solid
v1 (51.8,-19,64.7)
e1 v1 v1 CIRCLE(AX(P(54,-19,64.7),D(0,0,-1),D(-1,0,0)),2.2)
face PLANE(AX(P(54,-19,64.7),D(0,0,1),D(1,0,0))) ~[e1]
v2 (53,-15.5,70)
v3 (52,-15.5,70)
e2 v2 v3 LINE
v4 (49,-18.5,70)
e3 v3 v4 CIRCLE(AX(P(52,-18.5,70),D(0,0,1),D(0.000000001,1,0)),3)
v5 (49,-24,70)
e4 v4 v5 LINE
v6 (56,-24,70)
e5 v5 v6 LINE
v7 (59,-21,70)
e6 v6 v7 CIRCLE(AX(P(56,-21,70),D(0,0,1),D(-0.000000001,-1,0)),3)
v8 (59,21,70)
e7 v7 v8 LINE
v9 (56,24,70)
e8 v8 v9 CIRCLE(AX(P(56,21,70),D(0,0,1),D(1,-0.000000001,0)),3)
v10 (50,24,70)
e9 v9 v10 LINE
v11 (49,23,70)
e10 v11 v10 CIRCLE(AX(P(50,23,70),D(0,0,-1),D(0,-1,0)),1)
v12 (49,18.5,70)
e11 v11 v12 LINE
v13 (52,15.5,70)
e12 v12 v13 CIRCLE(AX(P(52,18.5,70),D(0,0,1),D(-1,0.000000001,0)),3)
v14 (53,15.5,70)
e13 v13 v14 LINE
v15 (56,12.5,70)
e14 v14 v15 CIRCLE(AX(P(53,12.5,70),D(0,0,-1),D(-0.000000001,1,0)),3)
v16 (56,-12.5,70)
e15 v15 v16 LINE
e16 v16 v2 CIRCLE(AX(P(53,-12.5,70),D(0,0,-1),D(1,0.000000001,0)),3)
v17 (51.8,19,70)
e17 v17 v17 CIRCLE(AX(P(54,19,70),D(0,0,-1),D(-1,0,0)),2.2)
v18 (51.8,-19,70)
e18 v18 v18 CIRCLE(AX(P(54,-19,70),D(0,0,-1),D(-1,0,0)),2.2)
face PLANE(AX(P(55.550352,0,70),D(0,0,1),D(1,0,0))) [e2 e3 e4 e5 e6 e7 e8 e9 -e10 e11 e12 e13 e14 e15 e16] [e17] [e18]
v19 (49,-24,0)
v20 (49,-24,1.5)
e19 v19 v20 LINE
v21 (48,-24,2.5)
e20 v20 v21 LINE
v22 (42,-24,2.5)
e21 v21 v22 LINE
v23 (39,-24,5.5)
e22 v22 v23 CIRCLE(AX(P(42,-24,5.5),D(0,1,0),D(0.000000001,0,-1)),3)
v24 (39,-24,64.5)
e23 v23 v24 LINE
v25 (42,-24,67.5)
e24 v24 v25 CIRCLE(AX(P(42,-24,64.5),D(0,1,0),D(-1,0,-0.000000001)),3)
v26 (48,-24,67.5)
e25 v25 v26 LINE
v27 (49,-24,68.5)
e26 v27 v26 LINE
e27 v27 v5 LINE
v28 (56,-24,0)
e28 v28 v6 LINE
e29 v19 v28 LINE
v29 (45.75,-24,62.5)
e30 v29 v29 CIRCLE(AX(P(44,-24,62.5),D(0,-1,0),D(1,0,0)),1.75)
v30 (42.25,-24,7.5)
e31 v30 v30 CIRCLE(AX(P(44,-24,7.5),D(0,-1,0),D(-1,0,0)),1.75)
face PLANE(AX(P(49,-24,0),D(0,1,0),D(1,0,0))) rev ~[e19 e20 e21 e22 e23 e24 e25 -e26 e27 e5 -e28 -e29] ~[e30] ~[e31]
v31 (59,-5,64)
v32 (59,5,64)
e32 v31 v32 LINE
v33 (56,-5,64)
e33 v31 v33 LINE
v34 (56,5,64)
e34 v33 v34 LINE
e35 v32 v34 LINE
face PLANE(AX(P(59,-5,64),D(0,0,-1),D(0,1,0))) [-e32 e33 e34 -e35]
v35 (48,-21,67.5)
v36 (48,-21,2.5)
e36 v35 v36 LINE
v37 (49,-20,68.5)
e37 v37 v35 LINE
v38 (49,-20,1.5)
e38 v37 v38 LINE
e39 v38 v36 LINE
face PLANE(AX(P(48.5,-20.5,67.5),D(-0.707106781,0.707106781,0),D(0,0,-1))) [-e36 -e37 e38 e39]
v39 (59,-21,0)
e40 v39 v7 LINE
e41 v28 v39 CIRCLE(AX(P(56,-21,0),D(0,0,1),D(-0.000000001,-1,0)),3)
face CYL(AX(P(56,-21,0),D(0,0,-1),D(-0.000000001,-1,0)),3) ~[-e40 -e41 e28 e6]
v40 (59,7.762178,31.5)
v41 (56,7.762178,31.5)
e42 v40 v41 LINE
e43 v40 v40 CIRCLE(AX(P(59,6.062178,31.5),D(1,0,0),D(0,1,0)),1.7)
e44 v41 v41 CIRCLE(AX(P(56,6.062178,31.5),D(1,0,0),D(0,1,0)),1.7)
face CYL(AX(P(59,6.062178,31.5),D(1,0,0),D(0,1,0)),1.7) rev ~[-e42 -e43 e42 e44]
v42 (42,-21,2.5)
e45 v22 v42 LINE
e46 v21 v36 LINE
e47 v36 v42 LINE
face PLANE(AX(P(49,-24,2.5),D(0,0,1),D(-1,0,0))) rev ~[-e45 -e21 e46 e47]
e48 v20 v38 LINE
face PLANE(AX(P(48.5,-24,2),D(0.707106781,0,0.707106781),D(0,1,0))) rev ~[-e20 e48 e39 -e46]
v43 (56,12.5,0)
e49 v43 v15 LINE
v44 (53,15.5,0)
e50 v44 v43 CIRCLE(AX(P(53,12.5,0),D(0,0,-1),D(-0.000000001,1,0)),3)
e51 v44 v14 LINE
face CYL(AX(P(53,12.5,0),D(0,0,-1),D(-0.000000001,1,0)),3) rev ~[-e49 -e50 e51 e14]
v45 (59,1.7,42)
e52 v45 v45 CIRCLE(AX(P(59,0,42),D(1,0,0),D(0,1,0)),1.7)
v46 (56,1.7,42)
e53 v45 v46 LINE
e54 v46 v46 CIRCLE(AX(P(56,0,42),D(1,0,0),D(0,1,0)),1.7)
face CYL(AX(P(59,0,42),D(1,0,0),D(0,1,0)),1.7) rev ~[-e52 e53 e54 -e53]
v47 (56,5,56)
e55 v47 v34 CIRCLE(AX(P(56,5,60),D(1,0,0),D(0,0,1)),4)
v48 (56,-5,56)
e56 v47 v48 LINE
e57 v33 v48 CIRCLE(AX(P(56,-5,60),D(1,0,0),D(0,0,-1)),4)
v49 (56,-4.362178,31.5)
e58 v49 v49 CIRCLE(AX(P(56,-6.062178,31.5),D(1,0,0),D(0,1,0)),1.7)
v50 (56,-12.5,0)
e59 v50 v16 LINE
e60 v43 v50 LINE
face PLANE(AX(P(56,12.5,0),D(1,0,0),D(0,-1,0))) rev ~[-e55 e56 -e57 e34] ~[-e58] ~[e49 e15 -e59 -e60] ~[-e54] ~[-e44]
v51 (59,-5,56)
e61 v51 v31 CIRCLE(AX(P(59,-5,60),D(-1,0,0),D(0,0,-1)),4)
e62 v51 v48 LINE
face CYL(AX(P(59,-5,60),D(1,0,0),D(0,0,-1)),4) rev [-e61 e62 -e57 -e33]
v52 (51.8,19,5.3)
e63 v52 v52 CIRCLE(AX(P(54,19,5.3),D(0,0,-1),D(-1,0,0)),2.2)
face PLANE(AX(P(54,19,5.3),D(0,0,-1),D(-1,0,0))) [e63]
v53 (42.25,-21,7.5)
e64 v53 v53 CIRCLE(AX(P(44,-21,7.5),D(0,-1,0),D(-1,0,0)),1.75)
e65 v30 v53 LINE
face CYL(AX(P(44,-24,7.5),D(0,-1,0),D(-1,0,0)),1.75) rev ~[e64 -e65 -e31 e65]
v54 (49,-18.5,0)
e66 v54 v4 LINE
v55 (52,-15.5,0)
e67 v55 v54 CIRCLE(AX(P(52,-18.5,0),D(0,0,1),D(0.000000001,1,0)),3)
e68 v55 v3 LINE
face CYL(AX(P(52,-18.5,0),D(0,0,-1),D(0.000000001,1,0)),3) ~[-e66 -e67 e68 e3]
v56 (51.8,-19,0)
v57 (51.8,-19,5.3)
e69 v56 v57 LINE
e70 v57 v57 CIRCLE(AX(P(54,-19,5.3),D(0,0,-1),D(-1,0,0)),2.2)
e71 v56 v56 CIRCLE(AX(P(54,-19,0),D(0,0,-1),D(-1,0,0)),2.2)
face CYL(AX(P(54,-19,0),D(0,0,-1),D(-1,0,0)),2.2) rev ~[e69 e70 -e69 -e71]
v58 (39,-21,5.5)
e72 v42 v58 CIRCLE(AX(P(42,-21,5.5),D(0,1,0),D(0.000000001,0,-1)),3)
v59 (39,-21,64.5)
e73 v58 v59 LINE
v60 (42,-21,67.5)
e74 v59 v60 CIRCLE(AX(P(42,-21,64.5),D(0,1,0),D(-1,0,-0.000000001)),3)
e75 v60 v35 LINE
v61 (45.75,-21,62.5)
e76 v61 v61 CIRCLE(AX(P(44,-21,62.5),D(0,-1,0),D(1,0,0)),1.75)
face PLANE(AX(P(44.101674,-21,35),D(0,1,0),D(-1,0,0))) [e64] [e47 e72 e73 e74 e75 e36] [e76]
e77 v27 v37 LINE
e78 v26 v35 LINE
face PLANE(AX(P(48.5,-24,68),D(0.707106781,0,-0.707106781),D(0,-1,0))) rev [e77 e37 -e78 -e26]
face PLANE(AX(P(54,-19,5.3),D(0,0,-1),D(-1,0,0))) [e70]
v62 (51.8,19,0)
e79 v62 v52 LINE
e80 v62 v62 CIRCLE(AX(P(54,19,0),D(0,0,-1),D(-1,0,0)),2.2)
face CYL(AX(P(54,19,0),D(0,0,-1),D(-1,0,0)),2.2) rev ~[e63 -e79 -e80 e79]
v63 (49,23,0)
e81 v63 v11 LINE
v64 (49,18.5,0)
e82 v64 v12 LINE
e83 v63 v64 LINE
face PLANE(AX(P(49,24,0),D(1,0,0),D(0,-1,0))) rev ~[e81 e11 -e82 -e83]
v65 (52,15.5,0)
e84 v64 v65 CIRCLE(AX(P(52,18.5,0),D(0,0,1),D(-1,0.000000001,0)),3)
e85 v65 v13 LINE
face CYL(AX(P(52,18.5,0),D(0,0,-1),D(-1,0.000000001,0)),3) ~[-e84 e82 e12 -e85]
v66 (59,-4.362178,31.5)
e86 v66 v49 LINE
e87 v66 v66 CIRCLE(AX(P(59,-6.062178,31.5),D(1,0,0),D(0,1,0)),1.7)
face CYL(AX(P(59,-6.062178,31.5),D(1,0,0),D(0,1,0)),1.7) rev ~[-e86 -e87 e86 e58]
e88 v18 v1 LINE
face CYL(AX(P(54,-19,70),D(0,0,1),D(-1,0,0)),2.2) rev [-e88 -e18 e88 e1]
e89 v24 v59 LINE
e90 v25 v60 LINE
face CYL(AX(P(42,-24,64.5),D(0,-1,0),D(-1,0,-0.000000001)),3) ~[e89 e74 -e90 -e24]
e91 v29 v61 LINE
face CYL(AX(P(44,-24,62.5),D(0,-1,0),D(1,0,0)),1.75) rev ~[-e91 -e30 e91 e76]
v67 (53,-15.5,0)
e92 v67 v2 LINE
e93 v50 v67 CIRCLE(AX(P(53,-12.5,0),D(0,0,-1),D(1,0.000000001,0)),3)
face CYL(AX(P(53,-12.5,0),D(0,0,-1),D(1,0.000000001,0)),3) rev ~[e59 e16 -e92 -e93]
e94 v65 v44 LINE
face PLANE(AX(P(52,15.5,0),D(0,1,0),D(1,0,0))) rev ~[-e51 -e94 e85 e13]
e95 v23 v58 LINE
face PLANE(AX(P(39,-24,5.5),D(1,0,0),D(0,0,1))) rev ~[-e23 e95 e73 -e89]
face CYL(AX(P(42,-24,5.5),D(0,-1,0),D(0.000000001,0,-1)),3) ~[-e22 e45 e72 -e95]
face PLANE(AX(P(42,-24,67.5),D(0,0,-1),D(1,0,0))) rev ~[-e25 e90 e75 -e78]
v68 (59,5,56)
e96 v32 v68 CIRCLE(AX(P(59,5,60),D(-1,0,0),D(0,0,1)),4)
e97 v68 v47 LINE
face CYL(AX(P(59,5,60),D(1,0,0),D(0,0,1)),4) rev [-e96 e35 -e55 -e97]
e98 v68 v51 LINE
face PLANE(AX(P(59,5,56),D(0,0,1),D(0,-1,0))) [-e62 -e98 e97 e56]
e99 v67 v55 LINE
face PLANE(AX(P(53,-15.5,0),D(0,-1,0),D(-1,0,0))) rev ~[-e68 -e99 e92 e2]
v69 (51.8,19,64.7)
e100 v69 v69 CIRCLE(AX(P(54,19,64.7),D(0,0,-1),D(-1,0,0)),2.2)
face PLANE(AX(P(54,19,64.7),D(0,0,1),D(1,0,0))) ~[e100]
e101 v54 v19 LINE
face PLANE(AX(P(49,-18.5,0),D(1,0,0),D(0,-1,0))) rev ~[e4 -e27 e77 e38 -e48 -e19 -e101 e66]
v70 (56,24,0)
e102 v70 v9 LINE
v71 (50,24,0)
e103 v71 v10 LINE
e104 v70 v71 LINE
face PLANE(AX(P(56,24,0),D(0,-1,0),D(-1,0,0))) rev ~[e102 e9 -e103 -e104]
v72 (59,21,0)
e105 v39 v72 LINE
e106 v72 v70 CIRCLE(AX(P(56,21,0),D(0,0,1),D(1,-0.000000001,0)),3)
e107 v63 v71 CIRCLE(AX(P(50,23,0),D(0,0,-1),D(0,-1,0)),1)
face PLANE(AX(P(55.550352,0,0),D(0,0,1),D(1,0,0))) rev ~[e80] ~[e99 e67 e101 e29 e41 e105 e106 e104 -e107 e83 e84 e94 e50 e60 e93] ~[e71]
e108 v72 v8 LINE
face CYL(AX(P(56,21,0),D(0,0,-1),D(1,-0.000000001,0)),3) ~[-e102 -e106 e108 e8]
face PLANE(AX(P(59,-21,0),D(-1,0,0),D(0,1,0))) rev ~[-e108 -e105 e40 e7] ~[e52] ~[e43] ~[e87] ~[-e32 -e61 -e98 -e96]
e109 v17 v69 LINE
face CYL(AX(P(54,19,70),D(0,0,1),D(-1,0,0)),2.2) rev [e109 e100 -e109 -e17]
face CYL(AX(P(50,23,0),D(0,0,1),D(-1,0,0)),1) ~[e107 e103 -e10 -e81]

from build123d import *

# Parameters (mm, degrees)
BOSS_EXTRUDE1_DEPTH = 70
SKETCH2_R           = 2.2
CUT_EXTRUDE1_DEPTH  = 5.3
FILLET1_R           = 1
SKETCH4_R           = 1.7
CUT_EXTRUDE3_DEPTH  = 10
SKETCH5_R           = 1.75
BOSS_EXTRUDE2_DEPTH = 3
CHAMFER1_SIZE       = 1


with BuildPart() as part:
    # Sketch1 → Boss-Extrude1 (new body)
    with BuildSketch(Plane.XY):
        with BuildLine():
            Line((49, 24), (49, 18.5))
            ThreePointArc((49, 18.5), (49.878679656, 16.378679656), (52, 15.5))
            Line((52, 15.5), (53, 15.5))
            ThreePointArc((53, 15.5), (55.121320344, 14.621320344), (56, 12.5))
            Line((56, 12.5), (56, -12.5))
            ThreePointArc((56, -12.5), (55.121320344, -14.621320344), (53, -15.5))
            Line((53, -15.5), (52, -15.5))
            ThreePointArc((52, -15.5), (49.878679656, -16.378679656), (49, -18.5))
            Line((49, -18.5), (49, -24))
            Line((49, -24), (56, -24))
            ThreePointArc((56, -24), (58.121320344, -23.121320344), (59, -21))
            Line((59, -21), (59, 21))
            ThreePointArc((59, 21), (58.121320344, 23.121320344), (56, 24))
            Line((56, 24), (49, 24))
        make_face()
    extrude(amount=BOSS_EXTRUDE1_DEPTH)

    # Sketch2 → Cut-Extrude1 (cut)
    with BuildSketch(Plane(origin=(0, 0, 0), x_dir=(-1, 0, 0), z_dir=(0, 0, -1))):
        with Locations((-54, -19)):
            Circle(SKETCH2_R)
        with Locations((-54, 19)):
            Circle(SKETCH2_R)
    cut_extrude1 = extrude(amount=-CUT_EXTRUDE1_DEPTH, mode=Mode.SUBTRACT)

    # Mirror1: Cut-Extrude1 across plane
    add(cut_extrude1.mirror(Plane(origin=(0, 0, 35), x_dir=(1, 0, 0), z_dir=(0, 0, -1))), mode=Mode.SUBTRACT)

    # Fillet1
    fillet1_edges = [part.edges().sort_by_distance(p)[0] for p in [
        (49, 24, 35),
    ]]
    fillet(fillet1_edges, radius=FILLET1_R)

    # Sketch4 → Cut-Extrude3 (cut)
    with BuildSketch(Plane(origin=(59, 0, 0), x_dir=(0, 0, -1), z_dir=(1, 0, 0))):
        with Locations(Location((-42, 0, 0), (0, 0, 90))):
            Circle(SKETCH4_R)
        with Locations(Location((-31.5, 6.062177826, 0), (0, 0, 90))):
            Circle(SKETCH4_R)
        with Locations(Location((-31.5, -6.062177826, 0), (0, 0, 90))):
            Circle(SKETCH4_R)
        with BuildLine():
            Line((-64, -5), (-64, 5))
            ThreePointArc((-64, 5), (-60, 9), (-56, 5))
            Line((-56, 5), (-56, -5))
            ThreePointArc((-56, -5), (-60, -9), (-64, -5))
        make_face()
    extrude(amount=-CUT_EXTRUDE3_DEPTH, mode=Mode.SUBTRACT)

    # Sketch5 → Boss-Extrude2 (add)
    with BuildSketch(Plane.XZ.offset(24)):
        with BuildLine():
            Line((49, 2.5), (42, 2.5))
            ThreePointArc((42, 2.5), (39.878679656, 3.378679656), (39, 5.5))
            Line((39, 5.5), (39, 64.5))
            ThreePointArc((39, 64.5), (39.878679656, 66.621320344), (42, 67.5))
            Line((42, 67.5), (49, 67.5))
            Line((49, 67.5), (49, 2.5))
        make_face()
        with Locations((44, 62.5)):
            Circle(SKETCH5_R, mode=Mode.SUBTRACT)
        with Locations(Location((44, 7.5, 0), (0, 0, 180))):
            Circle(SKETCH5_R, mode=Mode.SUBTRACT)
    extrude(amount=-BOSS_EXTRUDE2_DEPTH)

    # Chamfer1
    chamfer1_edges = [part.edges().sort_by_distance(p)[0] for p in [
        (49, -21, 35),
        (49, -22.5, 67.5),
        (49, -22.5, 2.5),
    ]]
    chamfer(chamfer1_edges, length=CHAMFER1_SIZE)


solid = part.part
